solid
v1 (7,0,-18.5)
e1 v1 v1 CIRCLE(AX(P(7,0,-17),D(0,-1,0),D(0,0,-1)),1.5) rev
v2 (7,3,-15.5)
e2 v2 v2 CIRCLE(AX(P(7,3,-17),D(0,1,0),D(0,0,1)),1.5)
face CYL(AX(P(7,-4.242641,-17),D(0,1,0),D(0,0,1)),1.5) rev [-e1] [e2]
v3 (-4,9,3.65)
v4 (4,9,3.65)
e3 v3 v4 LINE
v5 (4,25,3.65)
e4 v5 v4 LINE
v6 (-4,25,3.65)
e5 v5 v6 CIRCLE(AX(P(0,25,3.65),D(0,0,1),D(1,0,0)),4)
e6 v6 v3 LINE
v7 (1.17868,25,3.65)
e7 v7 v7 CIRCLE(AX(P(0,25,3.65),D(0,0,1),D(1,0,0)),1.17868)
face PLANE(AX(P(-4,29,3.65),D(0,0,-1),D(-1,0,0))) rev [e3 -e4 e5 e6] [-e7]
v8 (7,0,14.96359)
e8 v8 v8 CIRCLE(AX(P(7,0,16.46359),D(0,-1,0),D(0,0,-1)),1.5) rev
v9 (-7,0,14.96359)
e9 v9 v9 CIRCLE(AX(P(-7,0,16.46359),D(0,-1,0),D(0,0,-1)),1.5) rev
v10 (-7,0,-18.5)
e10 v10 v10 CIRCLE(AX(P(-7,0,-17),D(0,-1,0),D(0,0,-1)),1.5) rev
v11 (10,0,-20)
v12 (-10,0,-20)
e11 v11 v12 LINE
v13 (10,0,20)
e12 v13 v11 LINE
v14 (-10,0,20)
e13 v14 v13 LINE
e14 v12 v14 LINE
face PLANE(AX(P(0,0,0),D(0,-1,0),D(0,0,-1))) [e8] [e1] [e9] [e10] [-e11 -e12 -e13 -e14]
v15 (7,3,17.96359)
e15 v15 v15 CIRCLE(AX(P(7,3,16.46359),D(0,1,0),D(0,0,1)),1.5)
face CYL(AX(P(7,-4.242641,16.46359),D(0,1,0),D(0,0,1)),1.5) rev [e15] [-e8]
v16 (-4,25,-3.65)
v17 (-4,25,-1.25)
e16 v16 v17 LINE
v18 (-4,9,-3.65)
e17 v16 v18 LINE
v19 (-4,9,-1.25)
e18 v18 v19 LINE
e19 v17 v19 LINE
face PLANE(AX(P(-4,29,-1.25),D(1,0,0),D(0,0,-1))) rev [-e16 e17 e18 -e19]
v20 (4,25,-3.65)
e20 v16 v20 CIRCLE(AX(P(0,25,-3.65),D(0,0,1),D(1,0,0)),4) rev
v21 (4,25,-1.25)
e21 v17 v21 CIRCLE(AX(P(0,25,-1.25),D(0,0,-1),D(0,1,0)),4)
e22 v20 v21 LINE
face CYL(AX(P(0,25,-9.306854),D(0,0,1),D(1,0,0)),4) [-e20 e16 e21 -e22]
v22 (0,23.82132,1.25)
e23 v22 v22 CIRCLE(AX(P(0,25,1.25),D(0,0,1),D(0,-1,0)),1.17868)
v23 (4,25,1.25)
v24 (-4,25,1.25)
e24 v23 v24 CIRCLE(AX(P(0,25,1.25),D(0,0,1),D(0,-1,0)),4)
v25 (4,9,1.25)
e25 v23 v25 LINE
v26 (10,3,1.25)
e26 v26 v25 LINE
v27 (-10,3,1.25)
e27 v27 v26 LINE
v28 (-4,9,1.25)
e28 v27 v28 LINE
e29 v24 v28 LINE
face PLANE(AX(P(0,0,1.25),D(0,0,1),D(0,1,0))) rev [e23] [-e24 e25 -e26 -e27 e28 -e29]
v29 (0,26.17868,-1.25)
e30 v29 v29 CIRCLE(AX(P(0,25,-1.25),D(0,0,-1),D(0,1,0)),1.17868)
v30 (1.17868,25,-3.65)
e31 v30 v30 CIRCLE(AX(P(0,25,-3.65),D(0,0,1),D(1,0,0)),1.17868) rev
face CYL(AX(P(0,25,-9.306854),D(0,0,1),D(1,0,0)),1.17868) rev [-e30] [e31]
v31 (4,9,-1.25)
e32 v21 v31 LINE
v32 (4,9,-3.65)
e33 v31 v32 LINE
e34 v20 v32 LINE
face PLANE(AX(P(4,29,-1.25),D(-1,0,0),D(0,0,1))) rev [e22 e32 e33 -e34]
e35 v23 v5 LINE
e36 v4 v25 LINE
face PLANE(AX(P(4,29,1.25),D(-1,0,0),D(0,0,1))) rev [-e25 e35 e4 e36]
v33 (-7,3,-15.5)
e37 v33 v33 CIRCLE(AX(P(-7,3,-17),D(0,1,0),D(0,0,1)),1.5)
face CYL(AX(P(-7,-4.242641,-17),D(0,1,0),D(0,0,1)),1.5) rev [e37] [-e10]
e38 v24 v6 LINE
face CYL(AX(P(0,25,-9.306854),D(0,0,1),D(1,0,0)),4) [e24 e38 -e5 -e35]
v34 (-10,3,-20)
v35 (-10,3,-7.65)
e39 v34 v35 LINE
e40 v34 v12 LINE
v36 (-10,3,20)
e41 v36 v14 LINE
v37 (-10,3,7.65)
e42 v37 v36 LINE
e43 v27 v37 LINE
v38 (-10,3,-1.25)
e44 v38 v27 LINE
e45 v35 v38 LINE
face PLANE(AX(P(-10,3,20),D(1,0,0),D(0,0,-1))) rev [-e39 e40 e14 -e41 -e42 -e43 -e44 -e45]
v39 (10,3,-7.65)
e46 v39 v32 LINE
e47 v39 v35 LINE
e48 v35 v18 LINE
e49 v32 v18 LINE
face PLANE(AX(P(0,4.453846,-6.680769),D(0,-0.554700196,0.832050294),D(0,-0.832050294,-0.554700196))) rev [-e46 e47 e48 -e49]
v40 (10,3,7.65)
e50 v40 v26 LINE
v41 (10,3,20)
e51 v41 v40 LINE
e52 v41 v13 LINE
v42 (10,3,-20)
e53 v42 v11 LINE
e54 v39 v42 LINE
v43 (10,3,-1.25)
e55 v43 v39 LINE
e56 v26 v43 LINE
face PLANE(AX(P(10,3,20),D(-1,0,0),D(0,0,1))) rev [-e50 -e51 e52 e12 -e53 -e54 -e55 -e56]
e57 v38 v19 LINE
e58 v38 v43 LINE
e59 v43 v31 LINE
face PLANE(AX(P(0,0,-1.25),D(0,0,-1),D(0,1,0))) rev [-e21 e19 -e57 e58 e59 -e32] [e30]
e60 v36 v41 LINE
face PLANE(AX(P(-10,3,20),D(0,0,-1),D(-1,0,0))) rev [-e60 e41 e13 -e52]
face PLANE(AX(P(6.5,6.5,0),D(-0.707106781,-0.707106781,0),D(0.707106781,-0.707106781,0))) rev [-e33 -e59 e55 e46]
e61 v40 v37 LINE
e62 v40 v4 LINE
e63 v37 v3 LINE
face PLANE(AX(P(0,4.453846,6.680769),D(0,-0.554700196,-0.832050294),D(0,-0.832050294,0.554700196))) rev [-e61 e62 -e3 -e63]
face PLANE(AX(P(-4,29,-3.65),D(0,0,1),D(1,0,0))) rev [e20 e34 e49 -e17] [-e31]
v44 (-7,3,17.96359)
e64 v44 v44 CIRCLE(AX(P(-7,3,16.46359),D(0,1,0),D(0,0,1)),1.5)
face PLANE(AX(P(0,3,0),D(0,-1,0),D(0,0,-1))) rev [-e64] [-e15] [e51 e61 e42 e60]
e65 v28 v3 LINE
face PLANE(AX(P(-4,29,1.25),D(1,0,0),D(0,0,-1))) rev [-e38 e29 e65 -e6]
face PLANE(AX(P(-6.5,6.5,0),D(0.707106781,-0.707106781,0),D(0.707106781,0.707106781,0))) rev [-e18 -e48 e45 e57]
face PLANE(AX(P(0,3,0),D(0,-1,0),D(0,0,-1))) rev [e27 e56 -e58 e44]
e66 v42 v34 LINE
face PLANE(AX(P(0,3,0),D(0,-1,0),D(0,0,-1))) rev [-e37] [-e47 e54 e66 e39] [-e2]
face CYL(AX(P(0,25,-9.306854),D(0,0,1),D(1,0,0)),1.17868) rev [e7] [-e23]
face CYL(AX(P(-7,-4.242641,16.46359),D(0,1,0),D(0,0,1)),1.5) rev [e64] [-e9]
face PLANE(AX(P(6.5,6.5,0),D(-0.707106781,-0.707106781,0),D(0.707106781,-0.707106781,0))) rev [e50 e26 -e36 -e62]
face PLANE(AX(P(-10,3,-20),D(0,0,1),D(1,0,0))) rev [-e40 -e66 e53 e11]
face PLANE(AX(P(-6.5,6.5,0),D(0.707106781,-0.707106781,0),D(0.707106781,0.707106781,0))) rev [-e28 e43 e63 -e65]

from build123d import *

# Parameters (mm, degrees)
SKETCH1_W           = 20
SKETCH1_H           = 40
BOSS_EXTRUDE1_DEPTH = 3
SKETCH4_W           = 8
SKETCH4_H           = 2.4
BOSS_EXTRUDE2_DEPTH = 20
CUT_EXTRUDE1_REACH  = 40.734
SKETCH5_R           = 1.178679728
SKETCH6_R           = 1.5
CUT_EXTRUDE2_DEPTH  = 3


with BuildPart() as part:
    # Sketch1 → Boss-Extrude1 (new body)
    with BuildSketch(Plane(origin=(0, 0, 0), x_dir=(1, 0, 0), z_dir=(0, 1, 0))):
        Rectangle(SKETCH1_W, SKETCH1_H)
    extrude(amount=BOSS_EXTRUDE1_DEPTH)

    # Sketch2 → Loft3 section 0
    with BuildSketch(Plane(origin=(0, 3, 0), x_dir=(1, 0, 0), z_dir=(0, 1, 0))):
        with BuildLine():
            Line((-10, 7.65), (10, 7.65))
            Line((10, 7.65), (10, 1.25))
            Line((10, 1.25), (-10, 1.25))
            Line((-10, 1.25), (-10, 7.65))
        make_face()
    # Sketch3 → Loft3 section 1
    with BuildSketch(Plane(origin=(0, 9, 0), x_dir=(1, 0, 0), z_dir=(0, 1, 0))):
        with BuildLine():
            Line((-4, 3.65), (4, 3.65))
            Line((4, 3.65), (4, 1.25))
            Line((4, 1.25), (-4, 1.25))
            Line((-4, 1.25), (-4, 3.65))
        make_face()
    loft3 = loft()

    # Mirror1: Loft3 across plane
    add(loft3.mirror(Plane(origin=(0, 0, 0), x_dir=(1, 0, 0), z_dir=(0, 0, -1))))

    # Sketch4 → Boss-Extrude2 (add)
    with BuildSketch(Plane(origin=(0, 9, 0), x_dir=(1, 0, 0), z_dir=(0, 1, 0))):
        with Locations((0, 2.45)):
            Rectangle(SKETCH4_W, SKETCH4_H)
        with Locations((0, -2.45)):
            Rectangle(SKETCH4_W, SKETCH4_H)
    extrude(amount=BOSS_EXTRUDE2_DEPTH)

    # Cut-Extrude1: up to this face of the body (flat: up to its plane)
    cut_extrude1_end = Plane(part.part.faces().sort_by_distance((0, 19, -3.65))[0])
    # Sketch5 → Cut-Extrude1 (cut, up to the picked face)
    with BuildSketch(Plane.XY.offset(3.65), mode=Mode.PRIVATE) as cut_extrude1_sk1:
        with BuildLine():
            Line((-4, 29), (-4, 25))
            ThreePointArc((-4, 25), (-2.828427125, 27.828427125), (0, 29))
            Line((0, 29), (-4, 29))
        make_face()
    cut_extrude1_tool1 = split(extrude(cut_extrude1_sk1.sketch, amount=-CUT_EXTRUDE1_REACH, mode=Mode.PRIVATE), bisect_by=cut_extrude1_end, keep=Keep.BOTH, mode=Mode.PRIVATE)
    # Sketch5 → Cut-Extrude1 (cut, up to the picked face)
    with BuildSketch(Plane.XY.offset(3.65), mode=Mode.PRIVATE) as cut_extrude1_sk2:
        with BuildLine():
            Line((4, 29), (0, 29))
            ThreePointArc((0, 29), (2.828427125, 27.828427125), (4, 25))
            Line((4, 25), (4, 29))
        make_face()
    cut_extrude1_tool2 = split(extrude(cut_extrude1_sk2.sketch, amount=-CUT_EXTRUDE1_REACH, mode=Mode.PRIVATE), bisect_by=cut_extrude1_end, keep=Keep.BOTH, mode=Mode.PRIVATE)
    # Sketch5 → Cut-Extrude1 (cut, up to the picked face)
    with BuildSketch(Plane.XY.offset(3.65), mode=Mode.PRIVATE) as cut_extrude1_sk3:
        with Locations((0, 25)):
            Circle(SKETCH5_R)
    cut_extrude1_tool3 = split(extrude(cut_extrude1_sk3.sketch, amount=-CUT_EXTRUDE1_REACH, mode=Mode.PRIVATE), bisect_by=cut_extrude1_end, keep=Keep.BOTH, mode=Mode.PRIVATE)
    add(cut_extrude1_tool1.solids().sort_by(Axis((-3.106528, 28.106528, 3.65), (0, 0, -1)))[0], mode=Mode.SUBTRACT)
    add(cut_extrude1_tool2.solids().sort_by(Axis((3.106528, 28.106528, 3.65), (0, 0, -1)))[0], mode=Mode.SUBTRACT)
    add(cut_extrude1_tool3.solids().sort_by(Axis((0, 25, 3.65), (0, 0, -1)))[0], mode=Mode.SUBTRACT)

    # Sketch6 → Cut-Extrude2 (cut)
    with BuildSketch(Plane(origin=(0, 3, 0), x_dir=(1, 0, 0), z_dir=(0, 1, 0))):
        with Locations(Location((7, 17, 0), (0, 0, 270))):
            Circle(SKETCH6_R)
        with Locations(Location((-7, 17, 0), (0, 0, 270))):
            Circle(SKETCH6_R)
        with Locations(Location((7, -16.463590195, 0), (0, 0, 270))):
            Circle(SKETCH6_R)
        with Locations(Location((-7, -16.463590195, 0), (0, 0, 270))):
            Circle(SKETCH6_R)
    extrude(amount=-CUT_EXTRUDE2_DEPTH, mode=Mode.SUBTRACT)


solid = part.part
